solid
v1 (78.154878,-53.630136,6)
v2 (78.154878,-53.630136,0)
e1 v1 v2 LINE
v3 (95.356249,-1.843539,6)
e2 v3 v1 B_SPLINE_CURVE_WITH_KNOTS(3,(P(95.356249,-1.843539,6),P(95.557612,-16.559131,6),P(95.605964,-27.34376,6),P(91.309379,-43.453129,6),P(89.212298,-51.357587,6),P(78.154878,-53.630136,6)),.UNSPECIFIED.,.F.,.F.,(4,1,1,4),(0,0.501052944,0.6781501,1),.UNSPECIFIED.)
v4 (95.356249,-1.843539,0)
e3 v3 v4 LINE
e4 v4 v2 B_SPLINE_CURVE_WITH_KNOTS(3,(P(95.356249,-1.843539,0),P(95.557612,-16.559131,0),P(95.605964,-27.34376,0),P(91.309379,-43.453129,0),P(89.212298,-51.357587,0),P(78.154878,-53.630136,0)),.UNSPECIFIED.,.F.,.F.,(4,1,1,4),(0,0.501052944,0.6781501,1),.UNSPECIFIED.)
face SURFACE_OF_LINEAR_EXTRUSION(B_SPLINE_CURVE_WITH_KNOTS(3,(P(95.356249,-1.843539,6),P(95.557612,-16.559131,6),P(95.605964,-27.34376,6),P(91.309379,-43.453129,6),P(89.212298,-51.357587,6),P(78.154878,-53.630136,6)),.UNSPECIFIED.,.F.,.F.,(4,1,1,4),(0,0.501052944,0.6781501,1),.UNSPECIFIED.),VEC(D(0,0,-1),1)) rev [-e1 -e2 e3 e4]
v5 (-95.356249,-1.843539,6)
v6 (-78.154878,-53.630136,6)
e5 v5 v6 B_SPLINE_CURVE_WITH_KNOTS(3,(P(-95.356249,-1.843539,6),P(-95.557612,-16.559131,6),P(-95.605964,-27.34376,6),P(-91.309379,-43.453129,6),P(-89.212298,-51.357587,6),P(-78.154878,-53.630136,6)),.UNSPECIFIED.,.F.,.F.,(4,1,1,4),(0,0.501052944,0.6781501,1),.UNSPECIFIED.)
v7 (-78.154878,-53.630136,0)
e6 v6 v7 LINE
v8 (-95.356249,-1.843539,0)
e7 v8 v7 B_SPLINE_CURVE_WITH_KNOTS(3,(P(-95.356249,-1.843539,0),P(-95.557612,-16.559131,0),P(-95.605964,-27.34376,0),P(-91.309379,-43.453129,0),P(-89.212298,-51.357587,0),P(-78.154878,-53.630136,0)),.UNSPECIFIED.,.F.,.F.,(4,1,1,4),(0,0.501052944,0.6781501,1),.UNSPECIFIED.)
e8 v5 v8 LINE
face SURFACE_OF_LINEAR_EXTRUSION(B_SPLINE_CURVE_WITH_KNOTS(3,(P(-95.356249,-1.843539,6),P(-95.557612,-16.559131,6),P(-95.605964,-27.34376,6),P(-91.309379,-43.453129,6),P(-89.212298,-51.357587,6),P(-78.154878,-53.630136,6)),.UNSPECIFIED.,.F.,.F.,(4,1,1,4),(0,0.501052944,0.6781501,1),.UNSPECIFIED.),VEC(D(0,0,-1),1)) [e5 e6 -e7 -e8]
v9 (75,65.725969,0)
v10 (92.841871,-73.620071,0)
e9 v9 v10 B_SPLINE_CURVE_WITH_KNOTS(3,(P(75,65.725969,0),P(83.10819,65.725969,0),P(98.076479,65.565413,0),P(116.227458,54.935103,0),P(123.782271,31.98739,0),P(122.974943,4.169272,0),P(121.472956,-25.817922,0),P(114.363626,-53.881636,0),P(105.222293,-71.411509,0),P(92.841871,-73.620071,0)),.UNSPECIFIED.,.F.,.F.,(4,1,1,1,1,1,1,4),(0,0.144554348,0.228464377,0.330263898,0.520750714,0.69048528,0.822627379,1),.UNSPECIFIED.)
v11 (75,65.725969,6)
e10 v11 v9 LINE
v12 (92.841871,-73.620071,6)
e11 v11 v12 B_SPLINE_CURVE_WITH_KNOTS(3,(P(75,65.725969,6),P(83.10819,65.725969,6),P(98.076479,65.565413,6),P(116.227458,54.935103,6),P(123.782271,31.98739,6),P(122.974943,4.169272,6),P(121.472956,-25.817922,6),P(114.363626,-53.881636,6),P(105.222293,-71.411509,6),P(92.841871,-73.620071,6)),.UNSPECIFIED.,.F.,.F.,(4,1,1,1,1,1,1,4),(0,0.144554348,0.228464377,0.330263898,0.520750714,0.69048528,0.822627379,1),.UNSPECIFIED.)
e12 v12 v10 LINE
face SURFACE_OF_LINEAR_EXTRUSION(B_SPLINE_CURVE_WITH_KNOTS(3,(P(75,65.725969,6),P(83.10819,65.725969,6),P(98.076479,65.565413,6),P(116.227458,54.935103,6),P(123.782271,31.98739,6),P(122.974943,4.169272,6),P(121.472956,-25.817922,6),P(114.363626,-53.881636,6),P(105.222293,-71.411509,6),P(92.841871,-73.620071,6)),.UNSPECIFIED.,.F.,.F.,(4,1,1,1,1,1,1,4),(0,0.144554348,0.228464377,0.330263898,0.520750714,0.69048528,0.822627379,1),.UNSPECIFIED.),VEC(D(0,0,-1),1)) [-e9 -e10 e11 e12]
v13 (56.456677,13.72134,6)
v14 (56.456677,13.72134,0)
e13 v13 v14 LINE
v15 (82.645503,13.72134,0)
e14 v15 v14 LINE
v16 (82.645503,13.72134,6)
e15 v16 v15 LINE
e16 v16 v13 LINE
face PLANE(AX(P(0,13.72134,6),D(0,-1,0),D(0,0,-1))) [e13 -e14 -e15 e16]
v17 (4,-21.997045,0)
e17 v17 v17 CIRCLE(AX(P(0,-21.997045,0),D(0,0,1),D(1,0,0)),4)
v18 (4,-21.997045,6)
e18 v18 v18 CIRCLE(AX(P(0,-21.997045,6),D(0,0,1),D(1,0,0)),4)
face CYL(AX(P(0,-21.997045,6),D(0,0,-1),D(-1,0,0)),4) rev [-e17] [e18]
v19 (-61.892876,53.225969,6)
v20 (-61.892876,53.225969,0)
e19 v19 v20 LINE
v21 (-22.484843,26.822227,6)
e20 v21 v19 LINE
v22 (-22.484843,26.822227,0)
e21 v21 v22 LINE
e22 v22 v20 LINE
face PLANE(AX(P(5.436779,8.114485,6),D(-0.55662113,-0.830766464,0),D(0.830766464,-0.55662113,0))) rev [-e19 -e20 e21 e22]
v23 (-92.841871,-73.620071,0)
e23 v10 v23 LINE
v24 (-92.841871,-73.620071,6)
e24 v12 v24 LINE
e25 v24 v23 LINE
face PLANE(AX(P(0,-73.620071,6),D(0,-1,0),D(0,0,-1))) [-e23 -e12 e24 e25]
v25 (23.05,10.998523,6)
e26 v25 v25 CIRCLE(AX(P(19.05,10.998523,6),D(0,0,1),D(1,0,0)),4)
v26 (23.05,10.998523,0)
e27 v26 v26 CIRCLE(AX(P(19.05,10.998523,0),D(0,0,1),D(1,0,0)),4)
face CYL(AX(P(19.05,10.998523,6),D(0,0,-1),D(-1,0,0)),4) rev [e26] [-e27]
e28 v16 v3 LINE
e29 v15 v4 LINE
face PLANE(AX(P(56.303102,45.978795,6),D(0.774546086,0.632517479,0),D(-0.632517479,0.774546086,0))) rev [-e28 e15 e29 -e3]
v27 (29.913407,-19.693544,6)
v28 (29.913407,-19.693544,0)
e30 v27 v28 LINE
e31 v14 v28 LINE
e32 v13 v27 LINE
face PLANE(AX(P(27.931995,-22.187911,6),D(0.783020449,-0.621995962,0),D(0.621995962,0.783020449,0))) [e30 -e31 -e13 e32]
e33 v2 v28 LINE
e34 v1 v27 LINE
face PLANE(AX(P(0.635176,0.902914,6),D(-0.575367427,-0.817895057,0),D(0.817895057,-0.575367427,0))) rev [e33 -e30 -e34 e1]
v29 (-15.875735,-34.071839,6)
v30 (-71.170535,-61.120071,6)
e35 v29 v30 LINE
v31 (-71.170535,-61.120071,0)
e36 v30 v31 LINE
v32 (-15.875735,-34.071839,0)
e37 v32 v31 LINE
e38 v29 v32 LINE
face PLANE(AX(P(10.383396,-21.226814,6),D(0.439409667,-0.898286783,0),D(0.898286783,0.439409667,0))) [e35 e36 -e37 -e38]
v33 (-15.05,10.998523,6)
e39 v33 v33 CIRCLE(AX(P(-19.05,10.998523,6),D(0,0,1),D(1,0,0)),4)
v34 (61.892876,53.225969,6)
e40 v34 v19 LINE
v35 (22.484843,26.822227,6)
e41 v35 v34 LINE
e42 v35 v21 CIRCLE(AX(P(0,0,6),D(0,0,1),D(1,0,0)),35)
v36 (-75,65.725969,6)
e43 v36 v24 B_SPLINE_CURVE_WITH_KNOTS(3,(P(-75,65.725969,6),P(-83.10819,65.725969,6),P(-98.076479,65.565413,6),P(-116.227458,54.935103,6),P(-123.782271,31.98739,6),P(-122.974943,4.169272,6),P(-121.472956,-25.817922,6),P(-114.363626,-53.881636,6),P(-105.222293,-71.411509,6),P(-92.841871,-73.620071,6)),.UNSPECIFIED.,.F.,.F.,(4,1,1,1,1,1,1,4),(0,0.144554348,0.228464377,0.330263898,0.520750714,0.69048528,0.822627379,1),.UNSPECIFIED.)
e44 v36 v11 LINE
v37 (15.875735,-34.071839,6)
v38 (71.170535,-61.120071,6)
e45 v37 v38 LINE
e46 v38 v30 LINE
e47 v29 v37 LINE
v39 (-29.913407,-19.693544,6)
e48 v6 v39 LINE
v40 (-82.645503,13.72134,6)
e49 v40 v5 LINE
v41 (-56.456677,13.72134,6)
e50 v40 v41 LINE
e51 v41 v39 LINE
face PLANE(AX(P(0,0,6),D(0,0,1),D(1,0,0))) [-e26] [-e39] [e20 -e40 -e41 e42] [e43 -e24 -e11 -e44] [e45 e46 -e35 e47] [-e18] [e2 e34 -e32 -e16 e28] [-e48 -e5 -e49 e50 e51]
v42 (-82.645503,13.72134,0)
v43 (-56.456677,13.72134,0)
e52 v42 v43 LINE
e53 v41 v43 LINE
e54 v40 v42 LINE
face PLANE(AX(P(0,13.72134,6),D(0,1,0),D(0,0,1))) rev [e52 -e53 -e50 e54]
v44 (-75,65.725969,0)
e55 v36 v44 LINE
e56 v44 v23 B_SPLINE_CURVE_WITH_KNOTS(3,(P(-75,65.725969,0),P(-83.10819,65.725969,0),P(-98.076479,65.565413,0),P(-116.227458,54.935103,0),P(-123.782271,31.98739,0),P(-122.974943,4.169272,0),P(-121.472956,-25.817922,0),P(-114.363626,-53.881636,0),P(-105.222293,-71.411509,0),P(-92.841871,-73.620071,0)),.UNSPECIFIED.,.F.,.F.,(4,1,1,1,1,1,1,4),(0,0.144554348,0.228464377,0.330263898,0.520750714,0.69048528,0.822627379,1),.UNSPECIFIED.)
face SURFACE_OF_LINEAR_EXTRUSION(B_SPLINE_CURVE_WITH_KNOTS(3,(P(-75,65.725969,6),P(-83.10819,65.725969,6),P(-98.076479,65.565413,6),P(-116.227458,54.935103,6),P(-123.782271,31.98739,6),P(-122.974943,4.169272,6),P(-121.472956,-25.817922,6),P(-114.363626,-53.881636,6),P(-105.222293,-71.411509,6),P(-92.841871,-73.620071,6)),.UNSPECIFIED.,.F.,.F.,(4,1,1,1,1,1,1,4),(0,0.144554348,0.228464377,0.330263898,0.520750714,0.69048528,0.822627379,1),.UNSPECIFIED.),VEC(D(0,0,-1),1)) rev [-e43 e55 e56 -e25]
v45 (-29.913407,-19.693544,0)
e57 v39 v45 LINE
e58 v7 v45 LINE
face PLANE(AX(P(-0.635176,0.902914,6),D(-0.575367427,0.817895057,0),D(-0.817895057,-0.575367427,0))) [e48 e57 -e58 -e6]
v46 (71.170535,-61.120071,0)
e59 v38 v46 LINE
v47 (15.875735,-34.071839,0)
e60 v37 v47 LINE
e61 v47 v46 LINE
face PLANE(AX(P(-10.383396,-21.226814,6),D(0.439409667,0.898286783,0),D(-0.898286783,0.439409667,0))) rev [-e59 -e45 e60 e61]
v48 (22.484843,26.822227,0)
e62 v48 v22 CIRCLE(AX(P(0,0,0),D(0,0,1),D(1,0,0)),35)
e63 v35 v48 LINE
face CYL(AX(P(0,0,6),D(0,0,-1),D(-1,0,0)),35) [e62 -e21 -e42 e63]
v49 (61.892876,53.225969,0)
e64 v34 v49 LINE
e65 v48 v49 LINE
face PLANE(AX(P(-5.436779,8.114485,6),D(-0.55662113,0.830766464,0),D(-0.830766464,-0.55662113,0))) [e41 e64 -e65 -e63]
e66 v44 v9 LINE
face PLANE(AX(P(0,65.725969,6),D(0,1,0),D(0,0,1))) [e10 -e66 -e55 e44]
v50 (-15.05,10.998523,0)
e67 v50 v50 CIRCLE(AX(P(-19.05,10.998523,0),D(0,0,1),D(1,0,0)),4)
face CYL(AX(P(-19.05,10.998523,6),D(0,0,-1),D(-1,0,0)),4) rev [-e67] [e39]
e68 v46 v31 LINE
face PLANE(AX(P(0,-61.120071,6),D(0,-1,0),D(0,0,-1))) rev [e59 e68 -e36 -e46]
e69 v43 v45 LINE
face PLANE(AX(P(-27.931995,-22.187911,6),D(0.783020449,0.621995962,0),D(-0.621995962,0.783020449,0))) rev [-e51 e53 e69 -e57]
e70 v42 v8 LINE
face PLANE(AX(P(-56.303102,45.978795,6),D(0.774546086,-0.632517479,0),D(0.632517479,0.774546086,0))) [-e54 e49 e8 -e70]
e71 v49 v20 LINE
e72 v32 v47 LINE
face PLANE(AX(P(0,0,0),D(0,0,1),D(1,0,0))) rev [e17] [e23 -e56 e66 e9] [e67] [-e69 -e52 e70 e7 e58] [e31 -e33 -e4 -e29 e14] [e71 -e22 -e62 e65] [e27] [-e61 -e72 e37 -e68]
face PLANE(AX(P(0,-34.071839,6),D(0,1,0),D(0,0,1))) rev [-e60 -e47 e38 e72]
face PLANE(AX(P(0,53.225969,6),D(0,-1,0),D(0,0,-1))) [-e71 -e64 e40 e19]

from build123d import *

# Parameters (mm, degrees)
SKETCH1_R           = 4
BOSS_EXTRUDE1_DEPTH = 6


with BuildPart() as part:
    # Sketch1 → Boss-Extrude1 (new body)
    with BuildSketch(Plane.XY):
        with BuildLine():
            Line((-75, 65.725969102), (75, 65.725969102))
            add(Edge.make_bspline(
                [(75, 65.725969102), (83.108190199, 65.725969102), (98.076479253, 65.565413146), (116.227458239, 54.935103324), (123.782270508, 31.987390002), (122.97494253, 4.169272007), (121.472955637, -25.817921846), (114.363626194, -53.881635547), (105.222292521, -71.411509243), (92.841871249, -73.620070941)],
                knots=[0, 0, 0, 0, 0.144554348, 0.228464377, 0.330263898, 0.520750714, 0.69048528, 0.822627379, 1, 1, 1, 1], degree=3))
            Line((92.841871249, -73.620070941), (-92.841871249, -73.620070941))
            add(Edge.make_bspline(
                [(-75, 65.725969102), (-83.108190199, 65.725969102), (-98.076479253, 65.565413146), (-116.227458239, 54.935103324), (-123.782270508, 31.987390002), (-122.97494253, 4.169272007), (-121.472955637, -25.817921846), (-114.363626194, -53.881635547), (-105.222292521, -71.411509243), (-92.841871249, -73.620070941)],
                knots=[0, 0, 0, 0, 0.144554348, 0.228464377, 0.330263898, 0.520750714, 0.69048528, 0.822627379, 1, 1, 1, 1], degree=3))
        make_face()
        with Locations((-19.05, 10.998522628)):
            Circle(SKETCH1_R, mode=Mode.SUBTRACT)
        with Locations((19.05, 10.998522628)):
            Circle(SKETCH1_R, mode=Mode.SUBTRACT)
        with Locations((0, -21.997045256)):
            Circle(SKETCH1_R, mode=Mode.SUBTRACT)
        with BuildLine():
            Line((69.370032777, 29.977750595), (95.356248747, -1.843539004))
            add(Edge.make_bspline(
                [(95.356248747, -1.843539004), (95.557611924, -16.559131142), (95.605964494, -27.343759947), (91.309378512, -43.453128682), (89.212297718, -51.357586705), (78.15487846, -53.630135884)],
                knots=[0, 0, 0, 0, 0.501052944, 0.6781501, 1, 1, 1, 1], degree=3))
            Line((78.15487846, -53.630135884), (29.913407455, -19.693543674))
            Line((29.913407455, -19.693543674), (69.370032777, 29.977750595))
        make_face(mode=Mode.SUBTRACT)
        with BuildLine():
            Line((22.484842809, 26.822226676), (61.892875588, 53.225969102))
            Line((61.892875588, 53.225969102), (-61.892875588, 53.225969102))
            Line((-61.892875588, 53.225969102), (-22.484842809, 26.822226676))
            ThreePointArc((-22.484842809, 26.822226676), (0, 35), (22.484842809, 26.822226676))
        make_face(mode=Mode.SUBTRACT)
        Polygon((-15.875735378, -34.071838731), (-71.170535031, -61.120070941), (71.170535031, -61.120070941), (15.875735378, -34.071838731), align=None, mode=Mode.SUBTRACT)
        with BuildLine():
            add(Edge.make_bspline(
                [(-95.356248747, -1.843539004), (-95.557611924, -16.559131142), (-95.605964494, -27.343759947), (-91.309378512, -43.453128682), (-89.212297718, -51.357586705), (-78.15487846, -53.630135884)],
                knots=[0, 0, 0, 0, 0.501052944, 0.6781501, 1, 1, 1, 1], degree=3))
            Line((-78.15487846, -53.630135884), (-29.913407455, -19.693543674))
            Line((-29.913407455, -19.693543674), (-69.370032777, 29.977750595))
            Line((-69.370032777, 29.977750595), (-95.356248747, -1.843539004))
        make_face(mode=Mode.SUBTRACT)
        Polygon((-56.456677111, 13.721340321), (-69.370032777, 29.977750595), (-82.64550318, 13.721340321), align=None)
        Polygon((82.64550318, 13.721340321), (69.370032777, 29.977750595), (56.456677111, 13.721340321), align=None)
    extrude(amount=BOSS_EXTRUDE1_DEPTH)


solid = part.part
